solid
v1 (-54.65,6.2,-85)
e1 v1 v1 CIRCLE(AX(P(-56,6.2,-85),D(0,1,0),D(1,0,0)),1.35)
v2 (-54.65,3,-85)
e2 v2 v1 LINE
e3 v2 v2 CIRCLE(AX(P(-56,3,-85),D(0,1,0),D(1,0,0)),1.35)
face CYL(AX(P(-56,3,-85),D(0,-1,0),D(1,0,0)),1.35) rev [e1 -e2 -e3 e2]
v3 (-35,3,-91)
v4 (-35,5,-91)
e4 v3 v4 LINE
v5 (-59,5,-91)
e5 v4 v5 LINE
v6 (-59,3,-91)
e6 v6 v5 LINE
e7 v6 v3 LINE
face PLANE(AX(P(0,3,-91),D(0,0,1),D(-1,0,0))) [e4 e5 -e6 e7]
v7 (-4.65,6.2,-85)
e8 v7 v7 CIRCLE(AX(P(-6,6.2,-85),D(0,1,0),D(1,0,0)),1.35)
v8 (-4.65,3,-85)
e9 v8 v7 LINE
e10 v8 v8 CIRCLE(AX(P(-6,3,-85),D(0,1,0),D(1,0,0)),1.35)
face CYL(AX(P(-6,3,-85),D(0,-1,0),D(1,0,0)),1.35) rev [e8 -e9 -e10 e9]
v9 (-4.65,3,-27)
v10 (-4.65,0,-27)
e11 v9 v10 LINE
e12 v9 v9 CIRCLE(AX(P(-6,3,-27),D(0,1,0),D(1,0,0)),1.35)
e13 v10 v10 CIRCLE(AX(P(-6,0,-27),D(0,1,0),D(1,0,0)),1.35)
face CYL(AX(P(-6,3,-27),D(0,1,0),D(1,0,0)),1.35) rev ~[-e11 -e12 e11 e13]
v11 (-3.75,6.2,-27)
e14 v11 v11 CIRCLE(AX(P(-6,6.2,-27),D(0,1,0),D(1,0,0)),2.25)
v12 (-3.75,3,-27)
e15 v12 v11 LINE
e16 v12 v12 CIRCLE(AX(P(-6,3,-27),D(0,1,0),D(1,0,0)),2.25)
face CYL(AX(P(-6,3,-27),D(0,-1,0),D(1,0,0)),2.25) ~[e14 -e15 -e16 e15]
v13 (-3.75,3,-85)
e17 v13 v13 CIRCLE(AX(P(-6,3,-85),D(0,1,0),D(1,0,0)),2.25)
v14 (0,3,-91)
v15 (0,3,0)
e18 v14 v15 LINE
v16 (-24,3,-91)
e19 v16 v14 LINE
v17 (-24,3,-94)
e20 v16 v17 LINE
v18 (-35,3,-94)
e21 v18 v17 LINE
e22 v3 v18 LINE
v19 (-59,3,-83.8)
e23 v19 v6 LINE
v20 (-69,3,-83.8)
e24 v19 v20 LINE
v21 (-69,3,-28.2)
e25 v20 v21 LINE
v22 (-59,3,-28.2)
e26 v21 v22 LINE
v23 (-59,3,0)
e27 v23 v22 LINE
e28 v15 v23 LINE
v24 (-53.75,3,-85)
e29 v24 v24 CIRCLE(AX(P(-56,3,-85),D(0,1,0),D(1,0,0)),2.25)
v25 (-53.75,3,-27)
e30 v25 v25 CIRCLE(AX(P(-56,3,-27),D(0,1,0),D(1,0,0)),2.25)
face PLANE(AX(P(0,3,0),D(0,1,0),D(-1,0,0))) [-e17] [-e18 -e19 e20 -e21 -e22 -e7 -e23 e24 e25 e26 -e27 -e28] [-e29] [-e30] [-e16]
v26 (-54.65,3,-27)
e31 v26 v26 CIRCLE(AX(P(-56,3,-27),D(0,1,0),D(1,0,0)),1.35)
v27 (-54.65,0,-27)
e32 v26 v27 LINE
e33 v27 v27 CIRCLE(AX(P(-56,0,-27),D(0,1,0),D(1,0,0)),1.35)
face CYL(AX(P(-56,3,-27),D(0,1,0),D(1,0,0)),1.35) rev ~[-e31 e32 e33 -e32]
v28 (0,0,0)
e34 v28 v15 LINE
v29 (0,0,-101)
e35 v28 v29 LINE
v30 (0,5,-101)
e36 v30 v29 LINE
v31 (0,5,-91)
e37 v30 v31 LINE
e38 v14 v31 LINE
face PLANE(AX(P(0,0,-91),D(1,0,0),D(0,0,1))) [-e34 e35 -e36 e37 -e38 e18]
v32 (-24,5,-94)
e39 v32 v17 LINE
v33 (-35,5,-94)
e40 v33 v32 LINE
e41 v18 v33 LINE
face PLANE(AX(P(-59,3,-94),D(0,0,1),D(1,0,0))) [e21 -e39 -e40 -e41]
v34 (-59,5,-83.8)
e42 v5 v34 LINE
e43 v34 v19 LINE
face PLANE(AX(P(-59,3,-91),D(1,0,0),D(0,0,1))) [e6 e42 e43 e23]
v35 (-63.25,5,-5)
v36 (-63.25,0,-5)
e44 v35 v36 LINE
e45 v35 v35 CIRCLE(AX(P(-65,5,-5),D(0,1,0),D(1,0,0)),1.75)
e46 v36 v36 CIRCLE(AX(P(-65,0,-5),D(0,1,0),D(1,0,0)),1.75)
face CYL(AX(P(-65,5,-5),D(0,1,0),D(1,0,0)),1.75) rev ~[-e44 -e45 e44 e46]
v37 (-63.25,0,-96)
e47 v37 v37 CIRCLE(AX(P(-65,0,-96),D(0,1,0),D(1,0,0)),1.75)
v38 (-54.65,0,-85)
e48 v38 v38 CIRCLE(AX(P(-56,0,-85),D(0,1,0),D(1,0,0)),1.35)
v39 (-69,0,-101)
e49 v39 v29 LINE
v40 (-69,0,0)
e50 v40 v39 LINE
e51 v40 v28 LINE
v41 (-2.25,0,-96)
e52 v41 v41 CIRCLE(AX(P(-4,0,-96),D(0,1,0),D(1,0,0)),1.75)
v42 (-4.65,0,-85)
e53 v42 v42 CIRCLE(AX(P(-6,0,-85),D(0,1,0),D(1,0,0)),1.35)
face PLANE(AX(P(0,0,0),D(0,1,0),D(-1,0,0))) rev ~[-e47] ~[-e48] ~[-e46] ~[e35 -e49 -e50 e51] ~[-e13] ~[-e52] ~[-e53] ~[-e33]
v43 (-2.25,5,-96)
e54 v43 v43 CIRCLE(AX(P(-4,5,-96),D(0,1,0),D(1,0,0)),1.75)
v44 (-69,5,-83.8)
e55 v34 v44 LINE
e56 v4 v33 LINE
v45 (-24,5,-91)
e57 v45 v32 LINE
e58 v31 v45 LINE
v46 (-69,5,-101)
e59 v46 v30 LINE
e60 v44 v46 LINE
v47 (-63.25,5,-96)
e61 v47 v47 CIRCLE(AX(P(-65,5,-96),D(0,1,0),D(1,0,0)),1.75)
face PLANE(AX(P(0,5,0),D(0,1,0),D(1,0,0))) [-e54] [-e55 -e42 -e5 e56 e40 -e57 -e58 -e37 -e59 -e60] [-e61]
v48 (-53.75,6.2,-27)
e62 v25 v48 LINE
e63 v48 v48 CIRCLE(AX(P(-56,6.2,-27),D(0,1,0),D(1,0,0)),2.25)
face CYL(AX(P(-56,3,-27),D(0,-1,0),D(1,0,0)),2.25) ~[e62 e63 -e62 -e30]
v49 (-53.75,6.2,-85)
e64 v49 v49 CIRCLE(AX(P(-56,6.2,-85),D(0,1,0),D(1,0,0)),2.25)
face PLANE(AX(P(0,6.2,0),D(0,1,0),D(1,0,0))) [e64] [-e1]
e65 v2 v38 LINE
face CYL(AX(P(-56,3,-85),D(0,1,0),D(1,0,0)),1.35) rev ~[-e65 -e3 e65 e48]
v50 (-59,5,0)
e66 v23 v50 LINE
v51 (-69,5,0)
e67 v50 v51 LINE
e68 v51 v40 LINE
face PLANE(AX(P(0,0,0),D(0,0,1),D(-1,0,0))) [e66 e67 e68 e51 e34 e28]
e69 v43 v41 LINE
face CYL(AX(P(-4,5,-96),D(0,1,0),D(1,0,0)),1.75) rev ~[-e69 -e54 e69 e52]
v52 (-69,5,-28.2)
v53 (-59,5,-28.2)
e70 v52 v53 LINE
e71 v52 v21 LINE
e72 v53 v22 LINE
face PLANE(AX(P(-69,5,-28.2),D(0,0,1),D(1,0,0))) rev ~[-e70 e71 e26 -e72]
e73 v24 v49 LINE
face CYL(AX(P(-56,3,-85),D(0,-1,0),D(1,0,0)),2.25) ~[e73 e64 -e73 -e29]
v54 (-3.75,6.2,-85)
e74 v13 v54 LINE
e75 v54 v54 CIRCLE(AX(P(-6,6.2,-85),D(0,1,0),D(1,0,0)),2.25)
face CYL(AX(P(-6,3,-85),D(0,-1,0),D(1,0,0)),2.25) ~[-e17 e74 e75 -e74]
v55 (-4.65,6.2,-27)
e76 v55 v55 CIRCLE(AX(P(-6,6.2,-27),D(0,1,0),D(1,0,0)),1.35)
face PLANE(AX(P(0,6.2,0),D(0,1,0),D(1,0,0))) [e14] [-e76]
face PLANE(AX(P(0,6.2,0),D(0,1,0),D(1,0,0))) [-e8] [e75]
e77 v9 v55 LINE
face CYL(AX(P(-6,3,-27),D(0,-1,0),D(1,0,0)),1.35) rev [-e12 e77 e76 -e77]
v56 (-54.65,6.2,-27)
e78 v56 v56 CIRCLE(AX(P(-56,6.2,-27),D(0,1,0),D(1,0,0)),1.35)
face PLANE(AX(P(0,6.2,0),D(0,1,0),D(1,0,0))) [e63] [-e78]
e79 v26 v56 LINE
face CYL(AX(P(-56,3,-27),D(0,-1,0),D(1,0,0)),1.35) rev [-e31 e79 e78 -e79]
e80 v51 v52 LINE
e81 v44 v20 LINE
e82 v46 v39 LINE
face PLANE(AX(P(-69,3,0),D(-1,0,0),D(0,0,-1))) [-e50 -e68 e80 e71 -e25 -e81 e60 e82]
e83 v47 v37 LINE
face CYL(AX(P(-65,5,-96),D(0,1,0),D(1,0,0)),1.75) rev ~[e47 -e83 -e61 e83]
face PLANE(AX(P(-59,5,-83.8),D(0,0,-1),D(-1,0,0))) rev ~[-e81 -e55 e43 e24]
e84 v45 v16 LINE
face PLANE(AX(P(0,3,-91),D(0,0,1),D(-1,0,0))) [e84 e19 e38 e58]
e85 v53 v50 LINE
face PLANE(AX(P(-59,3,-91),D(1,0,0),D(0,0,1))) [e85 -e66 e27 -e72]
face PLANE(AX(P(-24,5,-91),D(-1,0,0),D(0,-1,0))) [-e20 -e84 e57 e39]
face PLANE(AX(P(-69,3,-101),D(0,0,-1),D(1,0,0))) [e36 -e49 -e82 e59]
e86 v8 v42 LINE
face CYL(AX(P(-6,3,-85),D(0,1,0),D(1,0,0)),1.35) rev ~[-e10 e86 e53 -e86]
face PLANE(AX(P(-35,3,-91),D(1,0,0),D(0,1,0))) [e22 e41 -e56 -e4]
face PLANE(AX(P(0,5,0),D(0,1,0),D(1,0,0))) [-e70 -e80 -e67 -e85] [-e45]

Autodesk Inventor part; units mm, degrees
ref_plane "YZ Plane" through (0, 0, 0) normal (1, 0, 0) x (0, 1, 0)
ref_plane "XZ Plane" through (0, 0, 0) normal (0, 1, 0) x (-1, 0, 0)
ref_plane "XY Plane" through (0, 0, 0) normal (0, 0, 1) x (1, 0, 0)
sketch "Sketch1" plane through (0, 0, 0) normal (0, 1, 0) x (-1, 0, 0)
  line L0 (0, 0) -> (59, 0)
  line L1 (59, 0) -> (59, -91)
  line L2 (59, -91) -> (0, -91)
  line L3 (0, -91) -> (0, 0)
  dimension "d0" = 59
  dimension "d1" = 91
extrude "Extrusion1" add sketch "Sketch1" along normal blind 3
sketch "Sketch2" plane through (0, 3, 0) normal (0, 1, 0) x (1, 0, 0)
  line L0 (0, 0) -> (-69, 0)
  line L1 (-69, 0) -> (-69, 101)
  line L2 (-69, 101) -> (0, 101)
  line L3 (0, 101) -> (0, 0)
  line L4 (-59, 91) -> (-59, 0) projected
  line L5 (0, 91) -> (-59, 91) projected
  dimension "d4" = 10
  dimension "d5" = 10
extrude "Extrusion2" add sketch "Sketch2" along normal blind 2 and the other way blind 3 contours L0 L1 L2 L3 L5 L4
sketch "Sketch3" plane through (0, 3, 0) normal (0, 1, 0) x (1, 0, 0)
  circle A0 centre (-56, 27) radius 1.35
  line L0 (-59, 0) -> (-59, 91) projected
  line L1 (-59, 0) -> (0, 0) projected
  circle A1 centre (-6, 27) radius 1.35
  line L2 (0, 0) -> (0, 91) projected
  circle A2 centre (-56, 85) radius 1.35
  line L3 (-59, 91) -> (0, 91) projected
  circle A3 centre (-6, 85) radius 1.35
  dimension "d10" = 2.7
  dimension "d11" = 3
  dimension "d12" = 27
  dimension "d13" = 2.7
  dimension "d14" = 6
  dimension "d15" = 27
  dimension "d16" = 2.7
  dimension "d17" = 3
  dimension "d18" = 6
  dimension "d19" = 2.7
  dimension "d20" = 6
  dimension "d21" = 6
extrude "Extrusion3" cut sketch "Sketch3" against normal blind 3 contours A0 | A1 | A2 | A3
sketch "Sketch4" plane through (0, 3, 0) normal (0, 1, 0) x (1, 0, 0)
  point P0 (0, 0)
sketch "Sketch5" plane through (0, 3, 0) normal (0, 1, 0) x (1, 0, 0)
  circle A0 centre (-56, 27) radius 2.25
  circle A1 centre (-56, 27) radius 1.35 projected
  circle A2 centre (-56, 85) radius 2.25
  circle A3 centre (-6, 85) radius 2.25
  circle A4 centre (-6, 85) radius 1.35 projected
  circle A5 centre (-56, 85) radius 1.35 projected
  circle A6 centre (-6, 27) radius 2.25
  circle A7 centre (-6, 27) radius 1.35 projected
  point P0 (0, 0)
  dimension "d24" = 0
  dimension "d25" = 0
  dimension "d26" = 4.5
  dimension "d27" = 4.5
  dimension "d28" = 4.5
  dimension "d29" = 0
  dimension "d30" = 0
  dimension "d31" = 0
  dimension "d32" = 4.5
  dimension "d33" = 0.9
  dimension "d34" = 0.9
  dimension "d35" = 0.9
  dimension "d36" = 0.9
extrude "Extrusion4" add sketch "Sketch5" along normal blind 3.2
sketch "Sketch6" plane through (-59, 3, -91) normal (0, 0, 1) x (1, 0, 0)
  line L0 (0, 2) -> (59, 2) projected
  line L1 (0, 0) -> (59, 0) projected
  line L2 (24, 2) -> (35, 2)
  line L3 (35, 2) -> (35, 0)
  line L4 (35, 0) -> (24, 0)
  line L5 (24, 0) -> (24, 2)
  line L6 (59, 0) -> (59, 2) projected
  line L7 (0, 0) -> (0, 2) projected
  point P0 (59, -3)
  point P1 (24, 0)
  dimension "d39" = 11
  dimension "d40" = 24
  dimension "d41" = 24
extrude "Extrusion5" cut sketch "Sketch6" against normal blind 3 contours L0 L3 L1 L5
sketch "Sketch7" plane through (0, 5, 0) normal (0, 1, 0) x (1, 0, 0)
  circle A0 centre (-65, 5) radius 1.75
  line L0 (-69, 101) -> (-69, 0) projected
  line L1 (-69, 0) -> (-59, 0) projected
  circle A1 centre (-65, 96) radius 1.75
  line L2 (0, 101) -> (-69, 101) projected
  circle A2 centre (-4, 96) radius 1.75
  line L3 (0, 91) -> (0, 101) projected
  point P0 (0, 0)
  dimension "d44" = 3.5
  dimension "d45" = 4
  dimension "d46" = 5
  dimension "d47" = 3.5
  dimension "d48" = 4
  dimension "d49" = 5
  dimension "d50" = 3.5
  dimension "d51" = 5
  dimension "d52" = 4
extrude "Extrusion6" cut sketch "Sketch7" against normal blind 19
sketch "Sketch8" plane through (0, 5, 0) normal (0, 1, 0) x (1, 0, 0)
  line L0 (-69, 101) -> (-69, 0) projected
  line L1 (-59, 83.8) -> (-69, 83.8)
  line L2 (-69, 83.8) -> (-69, 28.2)
  line L3 (-69, 28.2) -> (-59, 28.2)
  line L4 (-59, 28.2) -> (-59, 83.8)
  line L5 (-59, 0) -> (-59, 91) projected
  circle A0 centre (-56, 27) radius 2.25 projected
  circle A1 centre (-56, 85) radius 1.35 projected
  point P0 (0, 0)
  dimension "d55" = 0
  dimension "d56" = 1.2
  dimension "d57" = 1.2
extrude "Extrusion7" cut sketch "Sketch8" against normal blind 2 contours L1 L4 L3 L0
properties part number "ThridPrototypeRaspPiBed"
